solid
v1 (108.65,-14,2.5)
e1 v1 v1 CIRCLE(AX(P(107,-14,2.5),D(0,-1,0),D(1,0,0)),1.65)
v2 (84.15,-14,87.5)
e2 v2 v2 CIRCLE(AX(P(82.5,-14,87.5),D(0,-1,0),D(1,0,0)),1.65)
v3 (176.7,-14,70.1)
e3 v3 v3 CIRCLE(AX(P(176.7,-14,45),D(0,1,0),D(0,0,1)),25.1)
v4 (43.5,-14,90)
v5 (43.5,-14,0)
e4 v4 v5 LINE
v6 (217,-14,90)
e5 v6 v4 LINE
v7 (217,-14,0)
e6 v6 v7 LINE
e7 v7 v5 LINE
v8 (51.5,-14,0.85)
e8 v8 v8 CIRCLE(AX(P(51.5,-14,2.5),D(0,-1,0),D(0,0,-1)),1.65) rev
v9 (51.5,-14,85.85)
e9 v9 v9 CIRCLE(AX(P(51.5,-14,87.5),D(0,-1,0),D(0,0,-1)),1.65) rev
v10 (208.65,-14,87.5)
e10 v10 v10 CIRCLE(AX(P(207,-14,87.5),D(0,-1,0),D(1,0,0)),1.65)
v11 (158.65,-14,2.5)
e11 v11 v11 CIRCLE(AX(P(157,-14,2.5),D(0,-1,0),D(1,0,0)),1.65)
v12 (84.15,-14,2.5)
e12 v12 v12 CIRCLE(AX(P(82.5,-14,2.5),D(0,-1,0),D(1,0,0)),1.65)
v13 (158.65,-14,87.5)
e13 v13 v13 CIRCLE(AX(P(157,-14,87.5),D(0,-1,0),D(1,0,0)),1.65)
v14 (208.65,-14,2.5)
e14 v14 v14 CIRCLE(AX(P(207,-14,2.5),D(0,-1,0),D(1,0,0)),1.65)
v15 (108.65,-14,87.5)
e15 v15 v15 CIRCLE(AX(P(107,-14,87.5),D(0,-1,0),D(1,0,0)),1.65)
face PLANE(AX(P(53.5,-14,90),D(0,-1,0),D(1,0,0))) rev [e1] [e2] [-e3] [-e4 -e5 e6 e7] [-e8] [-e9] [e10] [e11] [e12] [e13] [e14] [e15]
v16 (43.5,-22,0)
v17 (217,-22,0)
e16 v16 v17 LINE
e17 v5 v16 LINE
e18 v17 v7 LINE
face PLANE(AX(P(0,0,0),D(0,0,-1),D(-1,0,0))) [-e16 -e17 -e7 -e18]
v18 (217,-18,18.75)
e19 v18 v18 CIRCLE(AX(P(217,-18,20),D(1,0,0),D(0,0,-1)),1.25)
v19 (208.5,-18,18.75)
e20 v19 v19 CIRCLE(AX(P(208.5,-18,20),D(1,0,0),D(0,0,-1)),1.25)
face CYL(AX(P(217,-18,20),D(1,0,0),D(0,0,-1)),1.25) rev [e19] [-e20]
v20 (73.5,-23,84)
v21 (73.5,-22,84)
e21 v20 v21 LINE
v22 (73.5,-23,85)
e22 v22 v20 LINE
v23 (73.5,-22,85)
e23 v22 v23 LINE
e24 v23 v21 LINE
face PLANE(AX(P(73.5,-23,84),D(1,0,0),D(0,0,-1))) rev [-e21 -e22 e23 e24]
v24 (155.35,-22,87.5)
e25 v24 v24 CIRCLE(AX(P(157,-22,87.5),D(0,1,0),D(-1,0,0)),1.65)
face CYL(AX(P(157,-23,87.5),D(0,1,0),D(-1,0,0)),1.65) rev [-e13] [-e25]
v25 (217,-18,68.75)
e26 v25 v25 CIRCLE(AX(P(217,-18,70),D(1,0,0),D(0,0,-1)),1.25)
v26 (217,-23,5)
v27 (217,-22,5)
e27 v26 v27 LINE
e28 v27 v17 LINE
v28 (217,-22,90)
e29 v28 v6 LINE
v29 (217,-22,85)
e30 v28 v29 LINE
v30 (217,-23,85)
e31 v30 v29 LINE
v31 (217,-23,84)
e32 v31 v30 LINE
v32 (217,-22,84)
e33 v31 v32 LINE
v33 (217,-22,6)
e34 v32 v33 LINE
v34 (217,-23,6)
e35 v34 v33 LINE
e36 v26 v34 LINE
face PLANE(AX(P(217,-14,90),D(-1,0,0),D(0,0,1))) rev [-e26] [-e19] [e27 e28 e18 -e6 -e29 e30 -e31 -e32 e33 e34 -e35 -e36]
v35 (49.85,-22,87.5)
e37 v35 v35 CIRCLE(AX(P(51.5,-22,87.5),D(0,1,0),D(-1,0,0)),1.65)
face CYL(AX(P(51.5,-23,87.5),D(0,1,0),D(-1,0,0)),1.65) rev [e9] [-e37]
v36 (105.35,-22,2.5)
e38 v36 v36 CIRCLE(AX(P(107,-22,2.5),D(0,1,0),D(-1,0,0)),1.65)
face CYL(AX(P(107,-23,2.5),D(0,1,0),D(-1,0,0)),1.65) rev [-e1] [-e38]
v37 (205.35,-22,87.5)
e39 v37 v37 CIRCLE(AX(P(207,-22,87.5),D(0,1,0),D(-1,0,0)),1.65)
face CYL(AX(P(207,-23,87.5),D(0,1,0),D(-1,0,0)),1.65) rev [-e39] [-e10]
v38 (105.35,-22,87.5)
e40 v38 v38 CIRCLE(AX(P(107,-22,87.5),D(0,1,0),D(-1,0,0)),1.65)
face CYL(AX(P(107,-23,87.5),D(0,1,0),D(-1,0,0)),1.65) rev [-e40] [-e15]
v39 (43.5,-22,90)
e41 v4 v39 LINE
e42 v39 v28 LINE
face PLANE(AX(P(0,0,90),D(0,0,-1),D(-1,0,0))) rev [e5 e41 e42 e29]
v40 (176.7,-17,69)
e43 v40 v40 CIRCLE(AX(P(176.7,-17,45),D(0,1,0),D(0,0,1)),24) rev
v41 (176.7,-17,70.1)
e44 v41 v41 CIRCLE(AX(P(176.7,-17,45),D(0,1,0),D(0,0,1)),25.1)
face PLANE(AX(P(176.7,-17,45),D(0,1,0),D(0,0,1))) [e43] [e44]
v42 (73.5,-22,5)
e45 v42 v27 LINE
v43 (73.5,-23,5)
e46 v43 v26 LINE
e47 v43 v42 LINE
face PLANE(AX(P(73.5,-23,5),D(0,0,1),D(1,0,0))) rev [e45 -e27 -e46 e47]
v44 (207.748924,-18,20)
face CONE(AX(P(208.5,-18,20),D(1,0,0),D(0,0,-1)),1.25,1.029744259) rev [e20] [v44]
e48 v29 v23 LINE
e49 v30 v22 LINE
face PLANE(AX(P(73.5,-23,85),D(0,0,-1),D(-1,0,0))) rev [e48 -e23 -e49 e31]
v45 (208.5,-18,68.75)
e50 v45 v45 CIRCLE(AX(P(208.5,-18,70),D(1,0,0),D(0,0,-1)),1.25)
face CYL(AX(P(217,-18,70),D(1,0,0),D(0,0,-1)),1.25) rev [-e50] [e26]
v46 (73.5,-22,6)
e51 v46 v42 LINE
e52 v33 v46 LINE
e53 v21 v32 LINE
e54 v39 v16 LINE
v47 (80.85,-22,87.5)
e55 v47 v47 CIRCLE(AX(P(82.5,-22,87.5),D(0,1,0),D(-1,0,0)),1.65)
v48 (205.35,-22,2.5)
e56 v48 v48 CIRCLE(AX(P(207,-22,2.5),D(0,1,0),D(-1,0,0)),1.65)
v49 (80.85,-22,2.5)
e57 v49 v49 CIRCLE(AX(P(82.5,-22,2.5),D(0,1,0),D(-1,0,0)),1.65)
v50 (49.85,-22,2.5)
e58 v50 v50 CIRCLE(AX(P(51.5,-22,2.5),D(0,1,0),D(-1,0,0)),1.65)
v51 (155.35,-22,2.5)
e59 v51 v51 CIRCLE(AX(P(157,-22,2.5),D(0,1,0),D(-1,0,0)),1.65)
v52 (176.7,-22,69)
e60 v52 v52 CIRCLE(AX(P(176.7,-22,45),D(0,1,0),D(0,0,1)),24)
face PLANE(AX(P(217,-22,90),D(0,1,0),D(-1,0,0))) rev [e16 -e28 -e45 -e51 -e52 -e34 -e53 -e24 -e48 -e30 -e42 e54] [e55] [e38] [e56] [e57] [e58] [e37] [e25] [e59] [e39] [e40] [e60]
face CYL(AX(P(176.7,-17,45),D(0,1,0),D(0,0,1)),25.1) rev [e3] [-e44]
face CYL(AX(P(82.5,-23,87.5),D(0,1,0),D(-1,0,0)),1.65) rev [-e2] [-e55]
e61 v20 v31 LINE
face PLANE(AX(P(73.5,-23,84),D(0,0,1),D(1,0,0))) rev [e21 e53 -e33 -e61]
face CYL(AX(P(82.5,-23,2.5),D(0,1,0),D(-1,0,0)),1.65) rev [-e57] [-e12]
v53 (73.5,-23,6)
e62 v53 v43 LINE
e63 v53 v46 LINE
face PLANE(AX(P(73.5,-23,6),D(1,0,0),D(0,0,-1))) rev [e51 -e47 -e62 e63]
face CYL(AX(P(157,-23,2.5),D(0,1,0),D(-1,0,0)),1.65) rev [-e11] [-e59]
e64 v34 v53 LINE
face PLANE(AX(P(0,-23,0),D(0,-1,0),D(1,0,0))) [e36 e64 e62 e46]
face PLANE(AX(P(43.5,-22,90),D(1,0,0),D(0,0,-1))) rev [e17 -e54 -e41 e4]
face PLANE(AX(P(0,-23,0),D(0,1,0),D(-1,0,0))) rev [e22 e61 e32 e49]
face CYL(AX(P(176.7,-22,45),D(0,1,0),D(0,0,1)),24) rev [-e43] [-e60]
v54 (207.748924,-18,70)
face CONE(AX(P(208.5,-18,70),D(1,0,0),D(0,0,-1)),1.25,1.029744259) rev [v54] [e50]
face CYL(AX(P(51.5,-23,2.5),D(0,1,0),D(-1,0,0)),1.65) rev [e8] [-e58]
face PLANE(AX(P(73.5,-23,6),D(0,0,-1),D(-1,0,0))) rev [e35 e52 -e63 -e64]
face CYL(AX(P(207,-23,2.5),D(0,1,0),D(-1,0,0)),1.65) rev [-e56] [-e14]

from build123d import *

# Parameters (mm, degrees)
BOSS_EXTRUDE1_DEPTH   = 90
SKETCH2_R             = 24
CUT_EXTRUDE1_DEPTH    = 9
SKETCH3_R             = 25.1
CUT_EXTRUDE2_DEPTH    = 3
SKETCH4_W             = 143.5
SKETCH4_H             = 1
BOSS_EXTRUDE2_DEPTH   = 1
SKETCH5_W             = 10
SKETCH5_H             = 1
BOSS_EXTRUDE3_DEPTH   = 2
SKETCH6_R             = 1.65
CUT_EXTRUDE3_DEPTH    = 39
M3_TAPPED_HOLE1_D     = 2.5
M3_TAPPED_HOLE1_DEPTH = 8.5
M3_TAPPED_HOLE1_TIP   = 0.751075774
SKETCH_1_W            = 53.5
SKETCH_1_H            = 19
CUT_EXTRUDE_1_DEPTH   = 90


with BuildPart() as part:
    # Sketch1 → Boss-Extrude1 (new body)
    with BuildSketch(Plane.XY):
        Polygon((0, 0), (0, 5), (53.5, 5), (53.5, -14), (217, -14), (217, -22), (43.5, -22), (43.5, 0), align=None)
    extrude(amount=BOSS_EXTRUDE1_DEPTH)

    # Sketch2 → Cut-Extrude1 (cut, through all)
    with BuildSketch(Plane(origin=(0, -14, 0), x_dir=(1, 0, 0), z_dir=(0, 1, 0))):
        with Locations((176.7, -45)):
            Circle(SKETCH2_R)
    extrude(amount=-CUT_EXTRUDE1_DEPTH, mode=Mode.SUBTRACT)

    # Sketch3 → Cut-Extrude2 (cut)
    with BuildSketch(Plane(origin=(0, -14, 0), x_dir=(1, 0, 0), z_dir=(0, 1, 0))):
        with Locations((176.7, -45)):
            Circle(SKETCH3_R)
    extrude(amount=-CUT_EXTRUDE2_DEPTH, mode=Mode.SUBTRACT)

    # Sketch4 → Boss-Extrude2 (add)
    with BuildSketch(Plane.XZ.offset(22)):
        with Locations((145.25, 84.5)):
            Rectangle(SKETCH4_W, SKETCH4_H)
        with Locations((145.25, 5.5)):
            Rectangle(SKETCH4_W, SKETCH4_H)
    extrude(amount=BOSS_EXTRUDE2_DEPTH)

    # Sketch5 → Boss-Extrude3 (add)
    with BuildSketch(Plane.XZ):
        with Locations((28.5, 84.5)):
            Rectangle(SKETCH5_W, SKETCH5_H)
        with Locations((28.5, 5.5)):
            Rectangle(SKETCH5_W, SKETCH5_H)
    extrude(amount=BOSS_EXTRUDE3_DEPTH)

    # Sketch6 → Cut-Extrude3 (cut, through all)
    with BuildSketch(Plane(origin=(0, 15, 0), x_dir=(1, 0, 0), z_dir=(0, 1, 0))):
        with Locations((51.5, -2.5)):
            Circle(SKETCH6_R)
        with Locations((82.5, -2.5)):
            Circle(SKETCH6_R)
        with Locations((51.5, -87.5)):
            Circle(SKETCH6_R)
        with Locations((82.5, -87.5)):
            Circle(SKETCH6_R)
        with Locations((107, -87.5)):
            Circle(SKETCH6_R)
        with Locations((157, -87.5)):
            Circle(SKETCH6_R)
        with Locations((207, -87.5)):
            Circle(SKETCH6_R)
        with Locations((107, -2.5)):
            Circle(SKETCH6_R)
        with Locations((157, -2.5)):
            Circle(SKETCH6_R)
        with Locations((207, -2.5)):
            Circle(SKETCH6_R)
    extrude(amount=-CUT_EXTRUDE3_DEPTH, mode=Mode.SUBTRACT)

    # M3 Tapped Hole1
    with Locations(Plane(origin=(217, 0, 0), x_dir=(0, 0, -1), z_dir=(1, 0, 0))):
        with Locations((-70, -18), (-20, -18)):
            Hole(M3_TAPPED_HOLE1_D / 2, depth=M3_TAPPED_HOLE1_DEPTH)
            with Locations((0, 0, -(M3_TAPPED_HOLE1_DEPTH + M3_TAPPED_HOLE1_TIP / 2))):  # 118° drill point
                Cone(0, M3_TAPPED_HOLE1_D / 2, M3_TAPPED_HOLE1_TIP, mode=Mode.SUBTRACT)

    # 草图1 → 切除-拉伸1 (cut)
    with BuildSketch(Plane.XY.offset(90)):
        with Locations((26.75, -4.5)):
            Rectangle(SKETCH_1_W, SKETCH_1_H)
    extrude(amount=-CUT_EXTRUDE_1_DEPTH, mode=Mode.SUBTRACT)


solid = part.part
